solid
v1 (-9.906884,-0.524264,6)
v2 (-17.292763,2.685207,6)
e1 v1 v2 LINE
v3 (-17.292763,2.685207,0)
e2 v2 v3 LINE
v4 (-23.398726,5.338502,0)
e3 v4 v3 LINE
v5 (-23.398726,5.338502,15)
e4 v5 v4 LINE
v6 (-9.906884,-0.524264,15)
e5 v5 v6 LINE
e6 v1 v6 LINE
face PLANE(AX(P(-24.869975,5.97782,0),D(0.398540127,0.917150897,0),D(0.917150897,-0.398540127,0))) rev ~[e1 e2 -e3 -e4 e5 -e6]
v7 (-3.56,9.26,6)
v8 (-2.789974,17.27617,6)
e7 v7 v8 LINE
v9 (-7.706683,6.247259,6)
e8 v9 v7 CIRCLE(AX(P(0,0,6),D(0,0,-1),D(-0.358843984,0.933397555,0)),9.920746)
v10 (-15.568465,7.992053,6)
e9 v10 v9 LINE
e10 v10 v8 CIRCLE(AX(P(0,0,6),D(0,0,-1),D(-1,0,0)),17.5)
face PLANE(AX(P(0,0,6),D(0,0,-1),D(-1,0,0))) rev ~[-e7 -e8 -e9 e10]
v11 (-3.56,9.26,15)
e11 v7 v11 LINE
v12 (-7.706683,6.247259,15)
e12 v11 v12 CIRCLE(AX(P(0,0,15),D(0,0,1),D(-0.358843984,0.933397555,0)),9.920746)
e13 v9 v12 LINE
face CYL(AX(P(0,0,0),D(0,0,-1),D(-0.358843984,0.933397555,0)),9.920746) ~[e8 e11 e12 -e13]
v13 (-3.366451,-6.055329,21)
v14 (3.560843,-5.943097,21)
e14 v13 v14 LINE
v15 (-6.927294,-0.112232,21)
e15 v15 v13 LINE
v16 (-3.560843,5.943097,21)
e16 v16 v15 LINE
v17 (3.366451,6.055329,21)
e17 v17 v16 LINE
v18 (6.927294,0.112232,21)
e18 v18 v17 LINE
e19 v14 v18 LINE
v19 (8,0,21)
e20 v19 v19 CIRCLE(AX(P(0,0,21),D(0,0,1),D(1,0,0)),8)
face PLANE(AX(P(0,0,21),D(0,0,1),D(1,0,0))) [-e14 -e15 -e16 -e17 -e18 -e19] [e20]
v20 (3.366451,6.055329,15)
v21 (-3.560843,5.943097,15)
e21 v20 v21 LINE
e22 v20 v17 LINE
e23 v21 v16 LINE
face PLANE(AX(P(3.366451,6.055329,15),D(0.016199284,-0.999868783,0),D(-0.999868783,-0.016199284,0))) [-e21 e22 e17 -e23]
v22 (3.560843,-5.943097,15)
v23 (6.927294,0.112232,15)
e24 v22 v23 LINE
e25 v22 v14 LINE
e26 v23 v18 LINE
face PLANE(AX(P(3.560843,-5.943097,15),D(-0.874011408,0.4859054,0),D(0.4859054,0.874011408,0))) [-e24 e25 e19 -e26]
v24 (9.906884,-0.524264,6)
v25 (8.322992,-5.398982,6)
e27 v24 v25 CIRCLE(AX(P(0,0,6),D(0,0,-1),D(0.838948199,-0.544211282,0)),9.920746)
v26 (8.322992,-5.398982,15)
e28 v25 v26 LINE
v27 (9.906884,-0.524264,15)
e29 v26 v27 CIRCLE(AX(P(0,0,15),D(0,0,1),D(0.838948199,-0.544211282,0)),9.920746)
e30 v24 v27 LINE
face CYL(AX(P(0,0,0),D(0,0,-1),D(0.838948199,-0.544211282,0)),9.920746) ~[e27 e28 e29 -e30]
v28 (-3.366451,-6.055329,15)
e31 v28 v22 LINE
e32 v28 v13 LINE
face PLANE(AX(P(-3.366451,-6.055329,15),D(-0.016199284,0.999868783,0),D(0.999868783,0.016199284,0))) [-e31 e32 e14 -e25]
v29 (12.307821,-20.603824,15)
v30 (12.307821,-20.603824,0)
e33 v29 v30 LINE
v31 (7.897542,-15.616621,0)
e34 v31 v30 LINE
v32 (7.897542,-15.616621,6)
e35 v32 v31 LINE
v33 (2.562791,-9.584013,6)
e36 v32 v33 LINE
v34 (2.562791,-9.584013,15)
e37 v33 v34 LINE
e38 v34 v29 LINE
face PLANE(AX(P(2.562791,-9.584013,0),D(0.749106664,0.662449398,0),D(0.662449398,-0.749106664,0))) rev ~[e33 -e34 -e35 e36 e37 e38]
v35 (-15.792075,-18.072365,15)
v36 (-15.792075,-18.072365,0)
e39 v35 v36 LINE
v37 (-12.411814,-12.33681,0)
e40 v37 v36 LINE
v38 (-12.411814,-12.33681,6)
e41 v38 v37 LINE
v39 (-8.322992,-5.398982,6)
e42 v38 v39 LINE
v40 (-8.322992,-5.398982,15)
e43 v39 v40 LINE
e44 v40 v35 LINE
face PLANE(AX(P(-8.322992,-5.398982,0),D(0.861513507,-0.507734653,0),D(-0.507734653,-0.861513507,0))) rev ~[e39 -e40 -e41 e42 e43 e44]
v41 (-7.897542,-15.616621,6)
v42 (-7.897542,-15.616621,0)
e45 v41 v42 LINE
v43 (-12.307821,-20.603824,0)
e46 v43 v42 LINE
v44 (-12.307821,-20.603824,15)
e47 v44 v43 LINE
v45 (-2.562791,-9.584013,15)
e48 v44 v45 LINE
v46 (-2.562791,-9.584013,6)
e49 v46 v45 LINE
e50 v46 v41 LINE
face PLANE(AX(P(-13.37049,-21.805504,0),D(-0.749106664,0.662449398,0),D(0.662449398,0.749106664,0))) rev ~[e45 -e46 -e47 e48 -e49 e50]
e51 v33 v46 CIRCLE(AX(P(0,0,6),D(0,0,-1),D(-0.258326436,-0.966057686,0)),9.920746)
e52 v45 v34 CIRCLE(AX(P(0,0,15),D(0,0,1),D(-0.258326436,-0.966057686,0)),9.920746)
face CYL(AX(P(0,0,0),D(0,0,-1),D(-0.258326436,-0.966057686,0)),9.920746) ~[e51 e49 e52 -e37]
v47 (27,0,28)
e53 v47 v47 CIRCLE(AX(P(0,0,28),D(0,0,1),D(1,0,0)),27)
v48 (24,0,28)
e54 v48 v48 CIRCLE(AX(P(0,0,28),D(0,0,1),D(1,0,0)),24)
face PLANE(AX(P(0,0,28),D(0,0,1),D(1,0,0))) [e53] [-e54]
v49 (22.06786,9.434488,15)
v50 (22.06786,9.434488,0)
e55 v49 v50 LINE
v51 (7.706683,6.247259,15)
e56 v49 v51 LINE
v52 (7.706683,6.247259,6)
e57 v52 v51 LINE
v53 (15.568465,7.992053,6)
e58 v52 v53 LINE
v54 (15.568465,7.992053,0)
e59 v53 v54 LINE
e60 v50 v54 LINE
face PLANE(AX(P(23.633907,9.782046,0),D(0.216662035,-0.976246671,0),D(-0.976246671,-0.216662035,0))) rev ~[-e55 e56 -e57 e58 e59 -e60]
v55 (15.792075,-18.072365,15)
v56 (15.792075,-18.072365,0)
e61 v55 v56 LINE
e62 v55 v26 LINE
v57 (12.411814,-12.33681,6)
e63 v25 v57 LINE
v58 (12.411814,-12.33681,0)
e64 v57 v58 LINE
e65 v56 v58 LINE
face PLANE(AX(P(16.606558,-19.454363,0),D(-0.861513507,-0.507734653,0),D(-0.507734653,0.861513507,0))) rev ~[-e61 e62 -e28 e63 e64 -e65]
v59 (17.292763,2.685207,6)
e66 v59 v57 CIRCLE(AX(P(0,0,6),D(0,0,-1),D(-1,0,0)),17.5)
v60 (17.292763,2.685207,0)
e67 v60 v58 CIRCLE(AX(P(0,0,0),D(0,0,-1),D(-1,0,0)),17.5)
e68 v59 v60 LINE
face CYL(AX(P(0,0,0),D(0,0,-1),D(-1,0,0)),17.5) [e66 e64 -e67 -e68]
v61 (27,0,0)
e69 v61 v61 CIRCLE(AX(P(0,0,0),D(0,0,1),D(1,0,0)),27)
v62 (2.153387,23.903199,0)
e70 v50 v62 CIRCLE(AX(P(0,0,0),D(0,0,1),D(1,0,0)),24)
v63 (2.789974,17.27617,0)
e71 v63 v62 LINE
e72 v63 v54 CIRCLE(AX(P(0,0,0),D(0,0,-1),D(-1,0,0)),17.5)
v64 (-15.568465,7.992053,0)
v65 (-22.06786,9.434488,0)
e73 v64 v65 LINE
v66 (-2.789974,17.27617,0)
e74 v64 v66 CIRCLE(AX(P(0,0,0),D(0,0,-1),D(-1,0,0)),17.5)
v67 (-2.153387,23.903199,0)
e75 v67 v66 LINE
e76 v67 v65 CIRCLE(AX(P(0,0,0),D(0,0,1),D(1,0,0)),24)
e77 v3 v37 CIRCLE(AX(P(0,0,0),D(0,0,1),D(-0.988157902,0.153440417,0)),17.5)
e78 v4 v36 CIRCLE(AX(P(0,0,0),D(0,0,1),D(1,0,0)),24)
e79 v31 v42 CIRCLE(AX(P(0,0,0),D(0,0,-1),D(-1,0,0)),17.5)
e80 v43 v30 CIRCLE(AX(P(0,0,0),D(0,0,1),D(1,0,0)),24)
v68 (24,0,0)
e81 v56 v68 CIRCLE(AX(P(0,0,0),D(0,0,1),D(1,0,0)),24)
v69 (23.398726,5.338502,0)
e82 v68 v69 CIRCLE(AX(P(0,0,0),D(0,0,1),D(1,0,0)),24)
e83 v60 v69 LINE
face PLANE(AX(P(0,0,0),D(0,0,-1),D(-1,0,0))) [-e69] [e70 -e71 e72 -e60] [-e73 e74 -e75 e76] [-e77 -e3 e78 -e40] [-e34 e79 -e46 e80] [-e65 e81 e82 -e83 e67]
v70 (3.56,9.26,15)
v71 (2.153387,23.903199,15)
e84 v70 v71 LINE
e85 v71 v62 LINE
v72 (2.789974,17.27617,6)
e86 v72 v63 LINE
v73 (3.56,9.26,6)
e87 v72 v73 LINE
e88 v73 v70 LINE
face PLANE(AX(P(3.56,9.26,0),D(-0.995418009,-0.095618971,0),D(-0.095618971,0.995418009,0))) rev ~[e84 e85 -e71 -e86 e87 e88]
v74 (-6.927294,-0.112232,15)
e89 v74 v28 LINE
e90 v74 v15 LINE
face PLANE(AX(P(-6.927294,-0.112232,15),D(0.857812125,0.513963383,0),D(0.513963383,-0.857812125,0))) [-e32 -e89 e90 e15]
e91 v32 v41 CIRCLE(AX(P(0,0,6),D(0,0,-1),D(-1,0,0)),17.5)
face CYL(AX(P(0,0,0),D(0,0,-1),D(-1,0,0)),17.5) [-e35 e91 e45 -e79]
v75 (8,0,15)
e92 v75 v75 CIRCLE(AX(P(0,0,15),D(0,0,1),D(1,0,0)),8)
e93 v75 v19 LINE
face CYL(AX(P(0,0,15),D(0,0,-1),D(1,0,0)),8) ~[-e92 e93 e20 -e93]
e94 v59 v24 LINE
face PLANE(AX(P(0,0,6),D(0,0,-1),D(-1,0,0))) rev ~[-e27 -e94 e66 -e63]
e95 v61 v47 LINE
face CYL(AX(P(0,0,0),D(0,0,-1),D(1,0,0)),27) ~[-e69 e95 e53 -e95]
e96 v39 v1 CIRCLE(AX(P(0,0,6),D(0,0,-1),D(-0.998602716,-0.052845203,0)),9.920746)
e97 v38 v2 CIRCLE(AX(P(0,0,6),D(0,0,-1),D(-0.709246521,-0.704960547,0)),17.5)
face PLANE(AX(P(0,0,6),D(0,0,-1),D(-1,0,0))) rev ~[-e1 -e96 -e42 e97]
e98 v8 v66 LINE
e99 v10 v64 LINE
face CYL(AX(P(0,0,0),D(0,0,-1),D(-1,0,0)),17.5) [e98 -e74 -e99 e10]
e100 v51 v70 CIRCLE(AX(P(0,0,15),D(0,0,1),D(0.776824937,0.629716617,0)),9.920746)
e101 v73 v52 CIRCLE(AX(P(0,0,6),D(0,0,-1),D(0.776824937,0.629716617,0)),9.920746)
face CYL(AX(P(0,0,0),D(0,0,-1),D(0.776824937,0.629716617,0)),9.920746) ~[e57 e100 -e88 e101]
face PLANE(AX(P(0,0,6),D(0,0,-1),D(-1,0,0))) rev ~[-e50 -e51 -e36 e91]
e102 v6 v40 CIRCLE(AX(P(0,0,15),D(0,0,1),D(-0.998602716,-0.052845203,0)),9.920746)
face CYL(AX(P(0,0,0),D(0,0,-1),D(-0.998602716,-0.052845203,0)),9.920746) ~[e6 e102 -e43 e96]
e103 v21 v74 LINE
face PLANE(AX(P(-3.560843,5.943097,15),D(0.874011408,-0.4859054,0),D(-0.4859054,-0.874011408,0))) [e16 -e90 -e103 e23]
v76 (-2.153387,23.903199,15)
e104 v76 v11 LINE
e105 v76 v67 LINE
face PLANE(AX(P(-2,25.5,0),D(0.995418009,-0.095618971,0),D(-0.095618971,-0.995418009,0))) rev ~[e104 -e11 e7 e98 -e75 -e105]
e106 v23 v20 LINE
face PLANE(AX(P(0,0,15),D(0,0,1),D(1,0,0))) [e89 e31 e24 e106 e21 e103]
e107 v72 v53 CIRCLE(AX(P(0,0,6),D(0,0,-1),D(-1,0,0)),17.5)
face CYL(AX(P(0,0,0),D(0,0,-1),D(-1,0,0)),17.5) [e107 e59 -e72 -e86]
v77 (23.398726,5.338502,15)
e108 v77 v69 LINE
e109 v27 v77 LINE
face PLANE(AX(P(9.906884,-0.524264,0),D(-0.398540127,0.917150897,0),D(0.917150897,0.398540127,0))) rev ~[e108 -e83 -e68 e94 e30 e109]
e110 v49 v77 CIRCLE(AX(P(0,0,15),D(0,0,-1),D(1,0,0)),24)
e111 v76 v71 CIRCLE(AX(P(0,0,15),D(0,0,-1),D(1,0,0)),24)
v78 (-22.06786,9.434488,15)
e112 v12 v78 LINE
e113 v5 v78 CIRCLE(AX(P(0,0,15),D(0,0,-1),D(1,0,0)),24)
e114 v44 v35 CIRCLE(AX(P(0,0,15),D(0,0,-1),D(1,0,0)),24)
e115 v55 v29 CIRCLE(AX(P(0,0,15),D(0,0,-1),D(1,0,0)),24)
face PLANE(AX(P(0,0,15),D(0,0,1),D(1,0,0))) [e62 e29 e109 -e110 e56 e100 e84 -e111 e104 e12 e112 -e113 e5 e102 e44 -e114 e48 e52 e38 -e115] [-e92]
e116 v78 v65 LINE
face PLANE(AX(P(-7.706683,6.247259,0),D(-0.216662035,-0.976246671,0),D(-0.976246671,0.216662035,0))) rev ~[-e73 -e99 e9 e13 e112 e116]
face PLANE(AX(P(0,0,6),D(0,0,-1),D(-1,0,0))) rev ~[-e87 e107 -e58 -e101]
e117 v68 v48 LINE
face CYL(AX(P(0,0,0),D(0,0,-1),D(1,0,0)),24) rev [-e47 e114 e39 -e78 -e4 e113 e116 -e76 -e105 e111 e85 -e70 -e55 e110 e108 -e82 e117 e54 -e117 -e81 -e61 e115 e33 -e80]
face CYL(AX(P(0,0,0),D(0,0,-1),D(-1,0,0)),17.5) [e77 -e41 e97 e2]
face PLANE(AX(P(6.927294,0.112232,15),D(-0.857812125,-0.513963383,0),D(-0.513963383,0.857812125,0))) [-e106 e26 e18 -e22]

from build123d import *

# Parameters (mm, degrees)
SKETCH_1_R      = 27
SKETCH_1_R_2    = 24
EXTRUDE_1_DEPTH = 28
EXTRUDE_2_DEPTH = 15
SKETCH_3_R      = 8
EXTRUDE_3_DEPTH = 6
SKETCH_4_R      = 17.5
EXTRUDE_4_DEPTH = 6


with BuildPart() as part:
    # 草图1 → 凸台-拉伸1 (new body)
    with BuildSketch(Plane.XY):
        Circle(SKETCH_1_R)
        Circle(SKETCH_1_R_2, mode=Mode.SUBTRACT)
    extrude(amount=EXTRUDE_1_DEPTH)

    # 草图2 → 凸台-拉伸2 (add)
    with BuildSketch(Plane.XY):
        with BuildLine():
            Line((-2, 25.5), (-3.56, 9.26))
            ThreePointArc((-3.56, 9.26), (-5.831268155, 8.026052062), (-7.706682841, 6.247258566))
            Line((-7.706682841, 6.247258566), (-23.633907177, 9.782046389))
            Line((-23.633907177, 9.782046389), (-24.869975154, 5.977820324))
            Line((-24.869975154, 5.977820324), (-9.906883841, -0.52426383))
            ThreePointArc((-9.906883841, -0.52426383), (-9.435190072, -3.065679092), (-8.322991936, -5.39898187))
            Line((-8.322991936, -5.39898187), (-16.606557922, -19.454362852))
            Line((-16.606557922, -19.454362852), (-13.370489945, -21.805503861))
            Line((-13.370489945, -21.805503861), (-2.562790936, -9.584012866))
            ThreePointArc((-2.562790936, -9.584012866), (0, -9.92074594), (2.562790936, -9.584012866))
            Line((2.562790936, -9.584012866), (13.370489945, -21.805503861))
            Line((13.370489945, -21.805503861), (16.606557922, -19.454362852))
            Line((16.606557922, -19.454362852), (8.322991936, -5.39898187))
            ThreePointArc((8.322991936, -5.39898187), (9.435190072, -3.065679092), (9.906883841, -0.52426383))
            Line((9.906883841, -0.52426383), (24.869975154, 5.977820324))
            Line((24.869975154, 5.977820324), (23.633907177, 9.782046389))
            Line((23.633907177, 9.782046389), (7.706682841, 6.247258566))
            ThreePointArc((7.706682841, 6.247258566), (5.831268155, 8.026052062), (3.56, 9.26))
            Line((3.56, 9.26), (2, 25.5))
            Line((2, 25.5), (-2, 25.5))
        make_face()
    extrude(amount=EXTRUDE_2_DEPTH)

    # 草图3 → 凸台-拉伸3 (add)
    with BuildSketch(Plane.XY.offset(15)):
        Circle(SKETCH_3_R)
        Polygon((3.560842768, -5.943096733), (6.927294132, 0.11223193), (3.366451364, 6.055328663), (-3.560842768, 5.943096733), (-6.927294132, -0.11223193), (-3.366451364, -6.055328663), align=None, mode=Mode.SUBTRACT)
    extrude(amount=EXTRUDE_3_DEPTH)

    # 草图4 → 凸台-拉伸4 (add)
    with BuildSketch(Plane(origin=(0, 0, 0), x_dir=(-1, 0, 0), z_dir=(0, 0, -1))):
        Circle(SKETCH_4_R)
    extrude(amount=-EXTRUDE_4_DEPTH)


solid = part.part
